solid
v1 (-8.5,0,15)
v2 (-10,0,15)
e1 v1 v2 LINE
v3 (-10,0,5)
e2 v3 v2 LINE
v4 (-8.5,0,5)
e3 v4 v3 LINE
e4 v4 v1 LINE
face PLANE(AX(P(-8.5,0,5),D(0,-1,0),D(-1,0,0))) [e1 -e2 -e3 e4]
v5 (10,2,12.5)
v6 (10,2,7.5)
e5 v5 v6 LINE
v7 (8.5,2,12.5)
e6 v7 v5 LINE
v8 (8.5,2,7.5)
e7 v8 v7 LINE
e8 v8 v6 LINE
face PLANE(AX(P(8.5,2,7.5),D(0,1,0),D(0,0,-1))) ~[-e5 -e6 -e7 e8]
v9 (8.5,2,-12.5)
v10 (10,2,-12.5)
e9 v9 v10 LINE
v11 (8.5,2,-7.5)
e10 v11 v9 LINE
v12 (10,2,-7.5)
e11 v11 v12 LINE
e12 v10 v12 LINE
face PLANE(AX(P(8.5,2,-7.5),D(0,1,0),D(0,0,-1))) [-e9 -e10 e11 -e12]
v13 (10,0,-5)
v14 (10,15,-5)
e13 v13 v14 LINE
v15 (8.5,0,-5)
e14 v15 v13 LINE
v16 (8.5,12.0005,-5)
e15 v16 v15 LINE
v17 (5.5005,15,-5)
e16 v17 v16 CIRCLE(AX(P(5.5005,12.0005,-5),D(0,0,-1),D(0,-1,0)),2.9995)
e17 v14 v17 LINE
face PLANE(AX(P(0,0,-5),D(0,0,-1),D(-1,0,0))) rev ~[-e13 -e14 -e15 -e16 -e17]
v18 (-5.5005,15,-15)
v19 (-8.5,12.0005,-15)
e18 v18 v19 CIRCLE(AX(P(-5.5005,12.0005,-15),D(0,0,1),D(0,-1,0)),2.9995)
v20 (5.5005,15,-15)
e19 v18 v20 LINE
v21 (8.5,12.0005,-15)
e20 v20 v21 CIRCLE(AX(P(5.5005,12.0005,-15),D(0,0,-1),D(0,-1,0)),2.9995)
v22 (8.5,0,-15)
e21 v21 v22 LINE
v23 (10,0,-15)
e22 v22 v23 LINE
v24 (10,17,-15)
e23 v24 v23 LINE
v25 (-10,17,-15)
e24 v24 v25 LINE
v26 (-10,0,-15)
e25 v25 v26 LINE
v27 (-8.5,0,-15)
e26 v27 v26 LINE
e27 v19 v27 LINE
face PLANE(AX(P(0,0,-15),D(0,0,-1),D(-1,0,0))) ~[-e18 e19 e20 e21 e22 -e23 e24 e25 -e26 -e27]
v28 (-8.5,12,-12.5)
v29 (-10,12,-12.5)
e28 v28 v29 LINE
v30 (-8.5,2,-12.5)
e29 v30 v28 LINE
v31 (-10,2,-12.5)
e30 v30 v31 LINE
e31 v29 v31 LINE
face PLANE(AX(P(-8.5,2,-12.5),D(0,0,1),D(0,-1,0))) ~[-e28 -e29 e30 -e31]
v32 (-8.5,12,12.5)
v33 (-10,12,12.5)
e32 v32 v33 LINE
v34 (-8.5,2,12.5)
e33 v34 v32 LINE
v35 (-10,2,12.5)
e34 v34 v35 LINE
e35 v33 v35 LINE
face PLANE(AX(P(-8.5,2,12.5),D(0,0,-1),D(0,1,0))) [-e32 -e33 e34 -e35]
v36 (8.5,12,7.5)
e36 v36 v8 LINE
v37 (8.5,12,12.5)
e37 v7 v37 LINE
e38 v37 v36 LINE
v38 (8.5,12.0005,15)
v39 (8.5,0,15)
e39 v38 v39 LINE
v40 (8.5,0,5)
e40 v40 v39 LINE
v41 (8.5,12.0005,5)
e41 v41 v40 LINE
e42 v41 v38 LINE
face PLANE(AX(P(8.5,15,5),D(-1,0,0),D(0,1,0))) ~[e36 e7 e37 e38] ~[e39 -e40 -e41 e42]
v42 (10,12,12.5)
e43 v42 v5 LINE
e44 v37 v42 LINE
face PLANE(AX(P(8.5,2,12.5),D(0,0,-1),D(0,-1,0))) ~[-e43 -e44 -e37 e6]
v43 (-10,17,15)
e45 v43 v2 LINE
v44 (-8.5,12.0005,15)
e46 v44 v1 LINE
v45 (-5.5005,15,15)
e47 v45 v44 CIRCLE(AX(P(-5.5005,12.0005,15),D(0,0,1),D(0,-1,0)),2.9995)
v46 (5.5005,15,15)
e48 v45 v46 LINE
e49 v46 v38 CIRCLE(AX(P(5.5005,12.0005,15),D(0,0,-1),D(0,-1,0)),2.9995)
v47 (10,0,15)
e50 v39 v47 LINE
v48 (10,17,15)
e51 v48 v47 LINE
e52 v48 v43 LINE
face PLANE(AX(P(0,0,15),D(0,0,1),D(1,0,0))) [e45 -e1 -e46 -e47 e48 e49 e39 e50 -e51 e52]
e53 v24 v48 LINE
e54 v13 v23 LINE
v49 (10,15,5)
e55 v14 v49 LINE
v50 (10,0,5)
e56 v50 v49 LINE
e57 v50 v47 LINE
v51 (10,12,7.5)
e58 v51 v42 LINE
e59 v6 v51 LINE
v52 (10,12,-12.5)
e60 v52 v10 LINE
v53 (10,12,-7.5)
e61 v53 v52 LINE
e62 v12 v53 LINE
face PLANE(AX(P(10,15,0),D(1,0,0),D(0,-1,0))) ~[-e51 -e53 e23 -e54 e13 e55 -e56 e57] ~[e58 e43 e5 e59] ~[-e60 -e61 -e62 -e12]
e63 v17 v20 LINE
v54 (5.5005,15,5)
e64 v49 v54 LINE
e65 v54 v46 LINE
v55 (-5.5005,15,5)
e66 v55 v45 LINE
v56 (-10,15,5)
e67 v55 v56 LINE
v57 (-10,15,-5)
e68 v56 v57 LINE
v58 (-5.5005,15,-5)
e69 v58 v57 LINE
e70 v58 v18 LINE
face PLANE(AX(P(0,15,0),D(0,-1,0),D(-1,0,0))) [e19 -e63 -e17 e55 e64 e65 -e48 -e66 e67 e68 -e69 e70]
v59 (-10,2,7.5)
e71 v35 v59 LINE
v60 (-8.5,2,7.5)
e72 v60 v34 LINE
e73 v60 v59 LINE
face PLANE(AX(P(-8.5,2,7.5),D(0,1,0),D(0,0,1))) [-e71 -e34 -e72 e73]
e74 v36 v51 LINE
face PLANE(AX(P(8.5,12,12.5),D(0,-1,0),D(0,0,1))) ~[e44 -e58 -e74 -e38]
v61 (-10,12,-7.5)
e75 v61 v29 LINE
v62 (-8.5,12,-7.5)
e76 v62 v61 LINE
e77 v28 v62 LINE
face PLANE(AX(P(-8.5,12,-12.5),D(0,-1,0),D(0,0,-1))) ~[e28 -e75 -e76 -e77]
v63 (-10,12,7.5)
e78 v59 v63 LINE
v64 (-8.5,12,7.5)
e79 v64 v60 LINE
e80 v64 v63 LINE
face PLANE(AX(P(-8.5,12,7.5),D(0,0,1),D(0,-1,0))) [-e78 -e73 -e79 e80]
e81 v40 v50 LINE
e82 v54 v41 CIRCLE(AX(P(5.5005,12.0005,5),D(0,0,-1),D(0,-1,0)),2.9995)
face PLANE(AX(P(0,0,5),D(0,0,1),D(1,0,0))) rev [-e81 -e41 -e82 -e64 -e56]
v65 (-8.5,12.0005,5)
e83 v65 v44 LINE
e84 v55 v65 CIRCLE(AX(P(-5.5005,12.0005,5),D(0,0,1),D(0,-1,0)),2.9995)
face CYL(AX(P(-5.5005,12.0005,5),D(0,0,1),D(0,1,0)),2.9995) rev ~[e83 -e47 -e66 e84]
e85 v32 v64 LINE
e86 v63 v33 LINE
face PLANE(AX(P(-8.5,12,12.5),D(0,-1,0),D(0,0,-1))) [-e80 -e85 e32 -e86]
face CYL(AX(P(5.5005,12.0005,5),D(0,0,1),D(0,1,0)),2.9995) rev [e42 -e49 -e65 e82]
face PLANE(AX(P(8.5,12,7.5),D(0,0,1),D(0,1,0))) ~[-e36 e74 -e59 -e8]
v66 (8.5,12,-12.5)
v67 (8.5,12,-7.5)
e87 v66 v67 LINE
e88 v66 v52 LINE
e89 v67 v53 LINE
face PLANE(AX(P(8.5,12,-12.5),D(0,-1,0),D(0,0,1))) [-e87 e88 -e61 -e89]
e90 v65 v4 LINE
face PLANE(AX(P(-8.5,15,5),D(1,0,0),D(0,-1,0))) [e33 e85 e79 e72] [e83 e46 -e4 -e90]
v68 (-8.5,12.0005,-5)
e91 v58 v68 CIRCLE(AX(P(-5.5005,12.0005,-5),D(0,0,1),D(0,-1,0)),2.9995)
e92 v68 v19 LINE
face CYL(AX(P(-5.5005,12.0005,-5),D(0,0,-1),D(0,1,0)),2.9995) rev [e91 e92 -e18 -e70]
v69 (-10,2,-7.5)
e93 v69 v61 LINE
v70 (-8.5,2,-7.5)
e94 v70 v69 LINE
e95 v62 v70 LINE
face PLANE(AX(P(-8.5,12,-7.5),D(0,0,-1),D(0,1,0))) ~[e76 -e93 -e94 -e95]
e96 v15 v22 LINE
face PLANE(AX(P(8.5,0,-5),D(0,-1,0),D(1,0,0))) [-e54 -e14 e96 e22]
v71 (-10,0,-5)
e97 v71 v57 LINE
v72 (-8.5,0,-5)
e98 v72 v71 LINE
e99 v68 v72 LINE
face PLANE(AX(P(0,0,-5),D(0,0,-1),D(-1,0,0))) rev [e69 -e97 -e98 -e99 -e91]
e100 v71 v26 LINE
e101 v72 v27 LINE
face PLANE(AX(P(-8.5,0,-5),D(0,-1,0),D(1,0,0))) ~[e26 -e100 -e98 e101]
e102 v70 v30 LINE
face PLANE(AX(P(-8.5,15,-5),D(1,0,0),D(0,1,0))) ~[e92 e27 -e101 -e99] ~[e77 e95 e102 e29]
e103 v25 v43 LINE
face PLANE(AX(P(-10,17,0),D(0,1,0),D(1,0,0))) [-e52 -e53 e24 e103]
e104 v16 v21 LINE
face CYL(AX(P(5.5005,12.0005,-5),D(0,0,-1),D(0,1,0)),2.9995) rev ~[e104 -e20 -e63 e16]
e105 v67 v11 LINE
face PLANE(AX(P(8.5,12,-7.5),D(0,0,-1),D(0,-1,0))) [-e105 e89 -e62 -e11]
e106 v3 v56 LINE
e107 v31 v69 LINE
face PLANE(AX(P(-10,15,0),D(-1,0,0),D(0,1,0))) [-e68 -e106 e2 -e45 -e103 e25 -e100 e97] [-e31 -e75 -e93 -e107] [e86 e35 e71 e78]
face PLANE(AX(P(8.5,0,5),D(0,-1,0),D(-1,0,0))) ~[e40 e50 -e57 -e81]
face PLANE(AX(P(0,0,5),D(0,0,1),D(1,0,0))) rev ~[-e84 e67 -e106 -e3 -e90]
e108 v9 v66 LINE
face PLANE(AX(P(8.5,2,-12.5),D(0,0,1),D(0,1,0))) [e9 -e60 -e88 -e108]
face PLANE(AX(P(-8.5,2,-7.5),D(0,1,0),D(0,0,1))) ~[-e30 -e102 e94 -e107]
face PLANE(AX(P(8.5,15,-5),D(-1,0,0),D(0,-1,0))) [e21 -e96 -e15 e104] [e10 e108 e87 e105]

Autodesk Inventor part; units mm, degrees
ref_plane "YZ Plane" through (0, 0, 0) normal (1, 0, 0) x (0, 1, 0)
ref_plane "XZ Plane" through (0, 0, 0) normal (0, 1, 0) x (-1, 0, 0)
ref_plane "XY Plane" through (0, 0, 0) normal (0, 0, 1) x (1, 0, 0)
sketch "スケッチ1" plane through (0, 0, 0) normal (0, 0, 1) x (1, 0, 0)
  line L0 (-10, 17) -> (0, 17)
  line L1 (0, 17) -> (0, 15)
  line L2 (0, 15) -> (-10, 15)
  line L3 (-10, 15) -> (-10, 17)
  line L4 (0, -3.4) -> (0, 20.4) projected
  point P0 (0, 0)
  dimension "d0" = 10
  dimension "d1" = 2
  dimension "d2" = 15
extrude "押し出し1" add sketch "スケッチ1" along normal blind 5
sketch "スケッチ2" plane through (0, 0, 5) normal (0, 0, 1) x (1, 0, 0)
  line L0 (0, 17) -> (-10, 17) projected
  line L1 (-10, 17) -> (-8.5, 17)
  line L2 (-8.5, 17) -> (-8.5, 0)
  line L3 (-8.5, 0) -> (-10, 0)
  line L4 (-10, 0) -> (-10, 17)
  line L5 (-10, 15) -> (0, 15) projected
  line L6 (0, 15) -> (0, 17) projected
  line L7 (0, 17) -> (-10, 17) projected
  line L8 (-10, 17) -> (-10, 15) projected
  point P0 (0, 0)
  point P1 (-8.5, 15)
  dimension "d5" = 1.5
extrude "押し出し2" add sketch "スケッチ2" along normal blind 10
sketch "スケッチ3" plane through (-8.5, 0, 5) normal (1, 0, 0) x (0, 0, -1)
  line L0 (-7.5, 12) -> (-2.5, 12)
  line L1 (-2.5, 12) -> (-2.5, 2)
  line L2 (-2.5, 2) -> (-7.5, 2)
  line L3 (-7.5, 2) -> (-7.5, 12)
  line L4 (0, 0) -> (-10, 0) projected
  line L5 (0, 15) -> (-10, 15) projected
  point P0 (5, 0)
  point P1 (-5, 2)
  point P2 (-5, 0)
  dimension "d8" = 2
  dimension "d9" = 5
  dimension "d13" = 3
extrude "押し出し3" cut sketch "スケッチ3" against normal through all
fillet "フィレット1" radius 3 1 edges at (-8.5, 15, 10)
mirror "ミラー1" about plane through (0, 15, 0) normal (1, 0, 0)
mirror "ミラー2" about plane through (-5, 16, 0) normal (0, 0, -1)
properties part number "connetcor_female"
